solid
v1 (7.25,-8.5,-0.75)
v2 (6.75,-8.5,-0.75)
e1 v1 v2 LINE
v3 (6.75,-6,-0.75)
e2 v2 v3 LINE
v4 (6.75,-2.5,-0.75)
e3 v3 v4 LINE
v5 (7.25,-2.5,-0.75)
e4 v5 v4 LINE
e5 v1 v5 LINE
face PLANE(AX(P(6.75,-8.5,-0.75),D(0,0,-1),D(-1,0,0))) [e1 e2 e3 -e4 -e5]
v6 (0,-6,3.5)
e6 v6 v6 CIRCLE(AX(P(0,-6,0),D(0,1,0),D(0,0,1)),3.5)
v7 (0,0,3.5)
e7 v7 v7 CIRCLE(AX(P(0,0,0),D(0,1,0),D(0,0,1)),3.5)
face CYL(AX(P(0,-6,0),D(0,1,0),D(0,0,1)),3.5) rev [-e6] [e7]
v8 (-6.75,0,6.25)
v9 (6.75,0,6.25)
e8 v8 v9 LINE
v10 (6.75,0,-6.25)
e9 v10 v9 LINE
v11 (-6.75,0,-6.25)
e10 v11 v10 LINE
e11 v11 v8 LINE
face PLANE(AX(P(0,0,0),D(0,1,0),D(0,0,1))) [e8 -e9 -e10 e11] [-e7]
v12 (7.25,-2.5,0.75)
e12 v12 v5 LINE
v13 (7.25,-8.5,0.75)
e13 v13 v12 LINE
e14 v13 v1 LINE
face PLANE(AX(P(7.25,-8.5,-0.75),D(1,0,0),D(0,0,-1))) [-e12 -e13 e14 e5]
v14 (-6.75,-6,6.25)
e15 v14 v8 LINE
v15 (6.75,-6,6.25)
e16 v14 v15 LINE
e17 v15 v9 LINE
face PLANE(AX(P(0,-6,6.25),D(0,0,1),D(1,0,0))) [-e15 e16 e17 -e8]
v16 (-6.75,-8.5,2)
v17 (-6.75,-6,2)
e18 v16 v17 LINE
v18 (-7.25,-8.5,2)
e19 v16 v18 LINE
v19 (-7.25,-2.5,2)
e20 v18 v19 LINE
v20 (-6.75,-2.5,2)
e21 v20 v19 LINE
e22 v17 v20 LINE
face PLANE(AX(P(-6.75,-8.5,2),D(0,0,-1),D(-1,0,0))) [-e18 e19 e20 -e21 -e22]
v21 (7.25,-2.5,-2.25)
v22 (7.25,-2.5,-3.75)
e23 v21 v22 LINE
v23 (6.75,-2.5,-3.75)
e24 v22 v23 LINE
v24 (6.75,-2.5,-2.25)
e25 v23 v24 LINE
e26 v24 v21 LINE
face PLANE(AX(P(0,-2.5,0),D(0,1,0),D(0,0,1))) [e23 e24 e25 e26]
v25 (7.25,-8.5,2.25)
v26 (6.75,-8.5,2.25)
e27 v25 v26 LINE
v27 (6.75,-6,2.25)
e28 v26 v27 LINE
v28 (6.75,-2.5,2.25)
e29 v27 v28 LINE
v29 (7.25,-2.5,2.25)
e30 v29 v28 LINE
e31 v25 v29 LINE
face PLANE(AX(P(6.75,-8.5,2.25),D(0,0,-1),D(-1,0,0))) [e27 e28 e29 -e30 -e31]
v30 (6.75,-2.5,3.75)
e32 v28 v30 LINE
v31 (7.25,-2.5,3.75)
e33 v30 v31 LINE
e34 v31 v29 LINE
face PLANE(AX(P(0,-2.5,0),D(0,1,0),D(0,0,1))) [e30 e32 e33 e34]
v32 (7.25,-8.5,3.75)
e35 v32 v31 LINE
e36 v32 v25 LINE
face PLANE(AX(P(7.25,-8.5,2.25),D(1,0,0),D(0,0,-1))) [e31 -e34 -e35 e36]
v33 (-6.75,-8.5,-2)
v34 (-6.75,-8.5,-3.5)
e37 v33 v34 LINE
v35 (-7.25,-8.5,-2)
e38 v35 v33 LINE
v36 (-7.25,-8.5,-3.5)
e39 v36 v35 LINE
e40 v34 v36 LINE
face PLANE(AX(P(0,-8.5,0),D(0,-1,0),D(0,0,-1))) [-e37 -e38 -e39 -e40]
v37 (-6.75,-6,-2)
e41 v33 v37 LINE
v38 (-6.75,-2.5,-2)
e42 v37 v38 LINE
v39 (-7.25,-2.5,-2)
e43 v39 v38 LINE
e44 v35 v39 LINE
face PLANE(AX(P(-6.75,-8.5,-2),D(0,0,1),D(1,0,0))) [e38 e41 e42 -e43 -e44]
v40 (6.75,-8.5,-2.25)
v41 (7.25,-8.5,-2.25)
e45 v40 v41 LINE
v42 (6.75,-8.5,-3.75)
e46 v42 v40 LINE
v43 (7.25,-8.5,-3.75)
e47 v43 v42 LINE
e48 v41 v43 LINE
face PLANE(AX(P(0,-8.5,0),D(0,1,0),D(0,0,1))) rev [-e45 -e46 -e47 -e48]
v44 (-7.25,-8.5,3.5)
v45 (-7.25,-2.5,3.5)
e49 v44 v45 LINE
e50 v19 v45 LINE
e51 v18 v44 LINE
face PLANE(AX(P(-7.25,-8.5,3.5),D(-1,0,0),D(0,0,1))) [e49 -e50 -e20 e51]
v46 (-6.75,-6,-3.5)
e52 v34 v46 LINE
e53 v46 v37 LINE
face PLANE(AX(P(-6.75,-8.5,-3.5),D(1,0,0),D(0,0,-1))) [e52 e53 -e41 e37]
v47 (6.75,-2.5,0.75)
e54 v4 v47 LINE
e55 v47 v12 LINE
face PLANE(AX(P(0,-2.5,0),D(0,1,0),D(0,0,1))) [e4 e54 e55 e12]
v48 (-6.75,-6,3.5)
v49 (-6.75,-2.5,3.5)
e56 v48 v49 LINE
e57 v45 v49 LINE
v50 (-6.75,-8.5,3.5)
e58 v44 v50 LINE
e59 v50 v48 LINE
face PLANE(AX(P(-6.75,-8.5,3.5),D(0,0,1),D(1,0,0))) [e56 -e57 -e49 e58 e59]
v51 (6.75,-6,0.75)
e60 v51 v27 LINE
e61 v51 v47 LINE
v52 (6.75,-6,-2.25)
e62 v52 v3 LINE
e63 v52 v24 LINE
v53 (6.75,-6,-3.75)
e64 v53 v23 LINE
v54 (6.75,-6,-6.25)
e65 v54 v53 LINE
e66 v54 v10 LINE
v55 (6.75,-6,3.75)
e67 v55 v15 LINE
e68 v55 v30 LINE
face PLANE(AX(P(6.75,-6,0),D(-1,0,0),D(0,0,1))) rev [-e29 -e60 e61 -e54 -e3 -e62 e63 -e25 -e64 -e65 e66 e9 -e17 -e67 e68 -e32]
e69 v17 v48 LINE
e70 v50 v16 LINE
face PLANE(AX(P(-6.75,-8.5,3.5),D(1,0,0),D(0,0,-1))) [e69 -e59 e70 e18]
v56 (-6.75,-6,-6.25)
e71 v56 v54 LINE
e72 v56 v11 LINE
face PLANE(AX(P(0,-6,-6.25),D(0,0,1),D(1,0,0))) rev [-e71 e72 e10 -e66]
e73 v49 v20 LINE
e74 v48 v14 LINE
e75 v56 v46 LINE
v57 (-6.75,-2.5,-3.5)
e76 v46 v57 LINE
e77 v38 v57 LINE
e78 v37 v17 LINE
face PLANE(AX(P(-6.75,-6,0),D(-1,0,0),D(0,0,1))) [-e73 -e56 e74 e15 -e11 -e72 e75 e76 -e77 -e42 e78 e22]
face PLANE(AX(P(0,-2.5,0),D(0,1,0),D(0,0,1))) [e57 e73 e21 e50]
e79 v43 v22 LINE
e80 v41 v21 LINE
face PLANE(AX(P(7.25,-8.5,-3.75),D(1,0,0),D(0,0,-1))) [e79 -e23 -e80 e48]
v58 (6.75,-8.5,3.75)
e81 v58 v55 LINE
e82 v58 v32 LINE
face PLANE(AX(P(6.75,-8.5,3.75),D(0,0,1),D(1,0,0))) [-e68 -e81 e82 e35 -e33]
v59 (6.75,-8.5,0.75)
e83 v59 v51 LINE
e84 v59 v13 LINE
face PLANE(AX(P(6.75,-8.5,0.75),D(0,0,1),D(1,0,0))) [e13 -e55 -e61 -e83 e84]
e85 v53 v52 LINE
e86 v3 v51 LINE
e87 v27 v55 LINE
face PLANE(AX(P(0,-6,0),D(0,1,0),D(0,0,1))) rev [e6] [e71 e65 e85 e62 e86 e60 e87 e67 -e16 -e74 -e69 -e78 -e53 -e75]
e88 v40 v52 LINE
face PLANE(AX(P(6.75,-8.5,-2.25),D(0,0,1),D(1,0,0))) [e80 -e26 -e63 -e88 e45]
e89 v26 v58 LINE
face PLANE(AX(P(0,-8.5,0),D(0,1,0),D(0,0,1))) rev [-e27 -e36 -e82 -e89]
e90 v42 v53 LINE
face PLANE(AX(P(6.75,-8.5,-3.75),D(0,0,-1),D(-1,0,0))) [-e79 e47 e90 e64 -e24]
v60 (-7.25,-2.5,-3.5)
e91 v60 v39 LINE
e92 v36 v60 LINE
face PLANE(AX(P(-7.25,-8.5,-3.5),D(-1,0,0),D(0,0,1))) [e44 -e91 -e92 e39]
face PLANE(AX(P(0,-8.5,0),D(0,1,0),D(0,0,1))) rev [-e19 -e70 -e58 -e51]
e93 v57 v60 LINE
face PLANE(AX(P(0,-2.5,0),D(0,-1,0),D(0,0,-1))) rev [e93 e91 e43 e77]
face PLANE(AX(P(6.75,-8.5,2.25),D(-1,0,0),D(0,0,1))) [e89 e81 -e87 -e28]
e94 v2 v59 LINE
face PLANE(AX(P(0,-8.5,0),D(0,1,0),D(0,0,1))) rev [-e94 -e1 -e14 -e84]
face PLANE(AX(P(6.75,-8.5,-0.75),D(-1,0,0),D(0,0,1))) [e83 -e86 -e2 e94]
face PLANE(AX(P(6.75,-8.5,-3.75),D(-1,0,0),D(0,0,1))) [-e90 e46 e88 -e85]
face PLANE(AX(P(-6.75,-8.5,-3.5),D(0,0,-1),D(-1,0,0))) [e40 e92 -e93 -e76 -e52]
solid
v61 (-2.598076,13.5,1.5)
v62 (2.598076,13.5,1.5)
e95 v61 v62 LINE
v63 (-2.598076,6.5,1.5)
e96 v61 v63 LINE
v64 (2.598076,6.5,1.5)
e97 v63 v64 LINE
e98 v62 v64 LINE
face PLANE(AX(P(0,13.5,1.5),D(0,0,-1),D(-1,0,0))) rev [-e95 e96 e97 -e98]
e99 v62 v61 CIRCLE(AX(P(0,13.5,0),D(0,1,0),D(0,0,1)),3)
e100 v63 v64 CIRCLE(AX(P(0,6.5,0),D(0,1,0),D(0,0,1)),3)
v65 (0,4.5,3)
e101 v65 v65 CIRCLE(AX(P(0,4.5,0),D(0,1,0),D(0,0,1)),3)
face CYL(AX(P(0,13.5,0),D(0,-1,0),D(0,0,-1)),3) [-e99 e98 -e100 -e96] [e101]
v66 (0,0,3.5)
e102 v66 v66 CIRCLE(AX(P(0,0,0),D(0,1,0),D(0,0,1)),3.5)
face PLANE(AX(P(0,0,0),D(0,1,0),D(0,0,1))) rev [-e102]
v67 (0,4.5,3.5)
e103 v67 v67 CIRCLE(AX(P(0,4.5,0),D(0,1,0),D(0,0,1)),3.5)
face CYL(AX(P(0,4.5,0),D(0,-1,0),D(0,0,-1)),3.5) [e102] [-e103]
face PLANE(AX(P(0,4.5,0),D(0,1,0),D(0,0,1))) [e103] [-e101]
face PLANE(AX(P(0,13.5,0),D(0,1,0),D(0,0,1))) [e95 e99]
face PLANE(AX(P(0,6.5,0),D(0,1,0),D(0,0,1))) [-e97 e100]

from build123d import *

# Parameters (mm, degrees)
EXTRUDE_1_DEPTH = 13.5
EXTRUDE_2_DEPTH = 6.5
SKETCH_1_4_R    = 3.5
EXTRUDE_3_DEPTH = 4.5
SKETCH_1_5_W    = 13.5
SKETCH_1_5_H    = 12.5
SKETCH_1_5_R    = 3.5
EXTRUDE_4_DEPTH = 6
EXTRUDE_START   = -2.5
SKETCH_2_W      = 0.5
SKETCH_2_H      = 1.5
EXTRUDE_5_DEPTH = 6


with BuildPart() as part:
    # Эскиз1 → Бобышка-Вытянуть1 (new body)
    with BuildSketch(Plane(origin=(0, 0, 0), x_dir=(1, 0, 0), z_dir=(0, 1, 0))):
        with BuildLine():
            ThreePointArc((3, 0), (-0.776457135, 2.897777479), (-2.598076211, -1.5))
            Line((-2.598076211, -1.5), (2.598076211, -1.5))
            ThreePointArc((2.598076211, -1.5), (2.897777479, -0.776457135), (3, 0))
        make_face()
    extrude(amount=EXTRUDE_1_DEPTH)

    # Эскиз1<3> → Бобышка-Вытянуть2 (add)
    with BuildSketch(Plane(origin=(0, 0, 0), x_dir=(1, 0, 0), z_dir=(0, 1, 0))):
        with BuildLine():
            Line((2.598076211, -1.5), (-2.598076211, -1.5))
            ThreePointArc((-2.598076211, -1.5), (0, -3), (2.598076211, -1.5))
        make_face()
    extrude(amount=EXTRUDE_2_DEPTH)

    # Эскиз1<4> → Бобышка-Вытянуть3 (add)
    with BuildSketch(Plane(origin=(0, 0, 0), x_dir=(1, 0, 0), z_dir=(0, 1, 0))):
        Circle(SKETCH_1_4_R)
    extrude(amount=EXTRUDE_3_DEPTH)


with BuildPart() as body_2:
    # Эскиз1<5> → Бобышка-Вытянуть4 (new body)
    with BuildSketch(Plane(origin=(0, 0, 0), x_dir=(1, 0, 0), z_dir=(0, 1, 0))):
        Rectangle(SKETCH_1_5_W, SKETCH_1_5_H)
        Circle(SKETCH_1_5_R, mode=Mode.SUBTRACT)
    extrude(amount=-EXTRUDE_4_DEPTH)

    # Эскиз2 → Бобышка-Вытянуть5 (add)
    with BuildSketch(Plane(origin=(0, 0, 0), x_dir=(1, 0, 0), z_dir=(0, 1, 0)).offset(EXTRUDE_START)):
        with Locations((7, 3)):
            Rectangle(SKETCH_2_W, SKETCH_2_H)
        with Locations((7, 0)):
            Rectangle(SKETCH_2_W, SKETCH_2_H)
        with Locations((7, -3)):
            Rectangle(SKETCH_2_W, SKETCH_2_H)
        with Locations((-7, 2.75)):
            Rectangle(SKETCH_2_W, SKETCH_2_H)
        with Locations((-7, -2.75)):
            Rectangle(SKETCH_2_W, SKETCH_2_H)
    extrude(amount=-EXTRUDE_5_DEPTH)


solid = Compound([part.part, body_2.part])
